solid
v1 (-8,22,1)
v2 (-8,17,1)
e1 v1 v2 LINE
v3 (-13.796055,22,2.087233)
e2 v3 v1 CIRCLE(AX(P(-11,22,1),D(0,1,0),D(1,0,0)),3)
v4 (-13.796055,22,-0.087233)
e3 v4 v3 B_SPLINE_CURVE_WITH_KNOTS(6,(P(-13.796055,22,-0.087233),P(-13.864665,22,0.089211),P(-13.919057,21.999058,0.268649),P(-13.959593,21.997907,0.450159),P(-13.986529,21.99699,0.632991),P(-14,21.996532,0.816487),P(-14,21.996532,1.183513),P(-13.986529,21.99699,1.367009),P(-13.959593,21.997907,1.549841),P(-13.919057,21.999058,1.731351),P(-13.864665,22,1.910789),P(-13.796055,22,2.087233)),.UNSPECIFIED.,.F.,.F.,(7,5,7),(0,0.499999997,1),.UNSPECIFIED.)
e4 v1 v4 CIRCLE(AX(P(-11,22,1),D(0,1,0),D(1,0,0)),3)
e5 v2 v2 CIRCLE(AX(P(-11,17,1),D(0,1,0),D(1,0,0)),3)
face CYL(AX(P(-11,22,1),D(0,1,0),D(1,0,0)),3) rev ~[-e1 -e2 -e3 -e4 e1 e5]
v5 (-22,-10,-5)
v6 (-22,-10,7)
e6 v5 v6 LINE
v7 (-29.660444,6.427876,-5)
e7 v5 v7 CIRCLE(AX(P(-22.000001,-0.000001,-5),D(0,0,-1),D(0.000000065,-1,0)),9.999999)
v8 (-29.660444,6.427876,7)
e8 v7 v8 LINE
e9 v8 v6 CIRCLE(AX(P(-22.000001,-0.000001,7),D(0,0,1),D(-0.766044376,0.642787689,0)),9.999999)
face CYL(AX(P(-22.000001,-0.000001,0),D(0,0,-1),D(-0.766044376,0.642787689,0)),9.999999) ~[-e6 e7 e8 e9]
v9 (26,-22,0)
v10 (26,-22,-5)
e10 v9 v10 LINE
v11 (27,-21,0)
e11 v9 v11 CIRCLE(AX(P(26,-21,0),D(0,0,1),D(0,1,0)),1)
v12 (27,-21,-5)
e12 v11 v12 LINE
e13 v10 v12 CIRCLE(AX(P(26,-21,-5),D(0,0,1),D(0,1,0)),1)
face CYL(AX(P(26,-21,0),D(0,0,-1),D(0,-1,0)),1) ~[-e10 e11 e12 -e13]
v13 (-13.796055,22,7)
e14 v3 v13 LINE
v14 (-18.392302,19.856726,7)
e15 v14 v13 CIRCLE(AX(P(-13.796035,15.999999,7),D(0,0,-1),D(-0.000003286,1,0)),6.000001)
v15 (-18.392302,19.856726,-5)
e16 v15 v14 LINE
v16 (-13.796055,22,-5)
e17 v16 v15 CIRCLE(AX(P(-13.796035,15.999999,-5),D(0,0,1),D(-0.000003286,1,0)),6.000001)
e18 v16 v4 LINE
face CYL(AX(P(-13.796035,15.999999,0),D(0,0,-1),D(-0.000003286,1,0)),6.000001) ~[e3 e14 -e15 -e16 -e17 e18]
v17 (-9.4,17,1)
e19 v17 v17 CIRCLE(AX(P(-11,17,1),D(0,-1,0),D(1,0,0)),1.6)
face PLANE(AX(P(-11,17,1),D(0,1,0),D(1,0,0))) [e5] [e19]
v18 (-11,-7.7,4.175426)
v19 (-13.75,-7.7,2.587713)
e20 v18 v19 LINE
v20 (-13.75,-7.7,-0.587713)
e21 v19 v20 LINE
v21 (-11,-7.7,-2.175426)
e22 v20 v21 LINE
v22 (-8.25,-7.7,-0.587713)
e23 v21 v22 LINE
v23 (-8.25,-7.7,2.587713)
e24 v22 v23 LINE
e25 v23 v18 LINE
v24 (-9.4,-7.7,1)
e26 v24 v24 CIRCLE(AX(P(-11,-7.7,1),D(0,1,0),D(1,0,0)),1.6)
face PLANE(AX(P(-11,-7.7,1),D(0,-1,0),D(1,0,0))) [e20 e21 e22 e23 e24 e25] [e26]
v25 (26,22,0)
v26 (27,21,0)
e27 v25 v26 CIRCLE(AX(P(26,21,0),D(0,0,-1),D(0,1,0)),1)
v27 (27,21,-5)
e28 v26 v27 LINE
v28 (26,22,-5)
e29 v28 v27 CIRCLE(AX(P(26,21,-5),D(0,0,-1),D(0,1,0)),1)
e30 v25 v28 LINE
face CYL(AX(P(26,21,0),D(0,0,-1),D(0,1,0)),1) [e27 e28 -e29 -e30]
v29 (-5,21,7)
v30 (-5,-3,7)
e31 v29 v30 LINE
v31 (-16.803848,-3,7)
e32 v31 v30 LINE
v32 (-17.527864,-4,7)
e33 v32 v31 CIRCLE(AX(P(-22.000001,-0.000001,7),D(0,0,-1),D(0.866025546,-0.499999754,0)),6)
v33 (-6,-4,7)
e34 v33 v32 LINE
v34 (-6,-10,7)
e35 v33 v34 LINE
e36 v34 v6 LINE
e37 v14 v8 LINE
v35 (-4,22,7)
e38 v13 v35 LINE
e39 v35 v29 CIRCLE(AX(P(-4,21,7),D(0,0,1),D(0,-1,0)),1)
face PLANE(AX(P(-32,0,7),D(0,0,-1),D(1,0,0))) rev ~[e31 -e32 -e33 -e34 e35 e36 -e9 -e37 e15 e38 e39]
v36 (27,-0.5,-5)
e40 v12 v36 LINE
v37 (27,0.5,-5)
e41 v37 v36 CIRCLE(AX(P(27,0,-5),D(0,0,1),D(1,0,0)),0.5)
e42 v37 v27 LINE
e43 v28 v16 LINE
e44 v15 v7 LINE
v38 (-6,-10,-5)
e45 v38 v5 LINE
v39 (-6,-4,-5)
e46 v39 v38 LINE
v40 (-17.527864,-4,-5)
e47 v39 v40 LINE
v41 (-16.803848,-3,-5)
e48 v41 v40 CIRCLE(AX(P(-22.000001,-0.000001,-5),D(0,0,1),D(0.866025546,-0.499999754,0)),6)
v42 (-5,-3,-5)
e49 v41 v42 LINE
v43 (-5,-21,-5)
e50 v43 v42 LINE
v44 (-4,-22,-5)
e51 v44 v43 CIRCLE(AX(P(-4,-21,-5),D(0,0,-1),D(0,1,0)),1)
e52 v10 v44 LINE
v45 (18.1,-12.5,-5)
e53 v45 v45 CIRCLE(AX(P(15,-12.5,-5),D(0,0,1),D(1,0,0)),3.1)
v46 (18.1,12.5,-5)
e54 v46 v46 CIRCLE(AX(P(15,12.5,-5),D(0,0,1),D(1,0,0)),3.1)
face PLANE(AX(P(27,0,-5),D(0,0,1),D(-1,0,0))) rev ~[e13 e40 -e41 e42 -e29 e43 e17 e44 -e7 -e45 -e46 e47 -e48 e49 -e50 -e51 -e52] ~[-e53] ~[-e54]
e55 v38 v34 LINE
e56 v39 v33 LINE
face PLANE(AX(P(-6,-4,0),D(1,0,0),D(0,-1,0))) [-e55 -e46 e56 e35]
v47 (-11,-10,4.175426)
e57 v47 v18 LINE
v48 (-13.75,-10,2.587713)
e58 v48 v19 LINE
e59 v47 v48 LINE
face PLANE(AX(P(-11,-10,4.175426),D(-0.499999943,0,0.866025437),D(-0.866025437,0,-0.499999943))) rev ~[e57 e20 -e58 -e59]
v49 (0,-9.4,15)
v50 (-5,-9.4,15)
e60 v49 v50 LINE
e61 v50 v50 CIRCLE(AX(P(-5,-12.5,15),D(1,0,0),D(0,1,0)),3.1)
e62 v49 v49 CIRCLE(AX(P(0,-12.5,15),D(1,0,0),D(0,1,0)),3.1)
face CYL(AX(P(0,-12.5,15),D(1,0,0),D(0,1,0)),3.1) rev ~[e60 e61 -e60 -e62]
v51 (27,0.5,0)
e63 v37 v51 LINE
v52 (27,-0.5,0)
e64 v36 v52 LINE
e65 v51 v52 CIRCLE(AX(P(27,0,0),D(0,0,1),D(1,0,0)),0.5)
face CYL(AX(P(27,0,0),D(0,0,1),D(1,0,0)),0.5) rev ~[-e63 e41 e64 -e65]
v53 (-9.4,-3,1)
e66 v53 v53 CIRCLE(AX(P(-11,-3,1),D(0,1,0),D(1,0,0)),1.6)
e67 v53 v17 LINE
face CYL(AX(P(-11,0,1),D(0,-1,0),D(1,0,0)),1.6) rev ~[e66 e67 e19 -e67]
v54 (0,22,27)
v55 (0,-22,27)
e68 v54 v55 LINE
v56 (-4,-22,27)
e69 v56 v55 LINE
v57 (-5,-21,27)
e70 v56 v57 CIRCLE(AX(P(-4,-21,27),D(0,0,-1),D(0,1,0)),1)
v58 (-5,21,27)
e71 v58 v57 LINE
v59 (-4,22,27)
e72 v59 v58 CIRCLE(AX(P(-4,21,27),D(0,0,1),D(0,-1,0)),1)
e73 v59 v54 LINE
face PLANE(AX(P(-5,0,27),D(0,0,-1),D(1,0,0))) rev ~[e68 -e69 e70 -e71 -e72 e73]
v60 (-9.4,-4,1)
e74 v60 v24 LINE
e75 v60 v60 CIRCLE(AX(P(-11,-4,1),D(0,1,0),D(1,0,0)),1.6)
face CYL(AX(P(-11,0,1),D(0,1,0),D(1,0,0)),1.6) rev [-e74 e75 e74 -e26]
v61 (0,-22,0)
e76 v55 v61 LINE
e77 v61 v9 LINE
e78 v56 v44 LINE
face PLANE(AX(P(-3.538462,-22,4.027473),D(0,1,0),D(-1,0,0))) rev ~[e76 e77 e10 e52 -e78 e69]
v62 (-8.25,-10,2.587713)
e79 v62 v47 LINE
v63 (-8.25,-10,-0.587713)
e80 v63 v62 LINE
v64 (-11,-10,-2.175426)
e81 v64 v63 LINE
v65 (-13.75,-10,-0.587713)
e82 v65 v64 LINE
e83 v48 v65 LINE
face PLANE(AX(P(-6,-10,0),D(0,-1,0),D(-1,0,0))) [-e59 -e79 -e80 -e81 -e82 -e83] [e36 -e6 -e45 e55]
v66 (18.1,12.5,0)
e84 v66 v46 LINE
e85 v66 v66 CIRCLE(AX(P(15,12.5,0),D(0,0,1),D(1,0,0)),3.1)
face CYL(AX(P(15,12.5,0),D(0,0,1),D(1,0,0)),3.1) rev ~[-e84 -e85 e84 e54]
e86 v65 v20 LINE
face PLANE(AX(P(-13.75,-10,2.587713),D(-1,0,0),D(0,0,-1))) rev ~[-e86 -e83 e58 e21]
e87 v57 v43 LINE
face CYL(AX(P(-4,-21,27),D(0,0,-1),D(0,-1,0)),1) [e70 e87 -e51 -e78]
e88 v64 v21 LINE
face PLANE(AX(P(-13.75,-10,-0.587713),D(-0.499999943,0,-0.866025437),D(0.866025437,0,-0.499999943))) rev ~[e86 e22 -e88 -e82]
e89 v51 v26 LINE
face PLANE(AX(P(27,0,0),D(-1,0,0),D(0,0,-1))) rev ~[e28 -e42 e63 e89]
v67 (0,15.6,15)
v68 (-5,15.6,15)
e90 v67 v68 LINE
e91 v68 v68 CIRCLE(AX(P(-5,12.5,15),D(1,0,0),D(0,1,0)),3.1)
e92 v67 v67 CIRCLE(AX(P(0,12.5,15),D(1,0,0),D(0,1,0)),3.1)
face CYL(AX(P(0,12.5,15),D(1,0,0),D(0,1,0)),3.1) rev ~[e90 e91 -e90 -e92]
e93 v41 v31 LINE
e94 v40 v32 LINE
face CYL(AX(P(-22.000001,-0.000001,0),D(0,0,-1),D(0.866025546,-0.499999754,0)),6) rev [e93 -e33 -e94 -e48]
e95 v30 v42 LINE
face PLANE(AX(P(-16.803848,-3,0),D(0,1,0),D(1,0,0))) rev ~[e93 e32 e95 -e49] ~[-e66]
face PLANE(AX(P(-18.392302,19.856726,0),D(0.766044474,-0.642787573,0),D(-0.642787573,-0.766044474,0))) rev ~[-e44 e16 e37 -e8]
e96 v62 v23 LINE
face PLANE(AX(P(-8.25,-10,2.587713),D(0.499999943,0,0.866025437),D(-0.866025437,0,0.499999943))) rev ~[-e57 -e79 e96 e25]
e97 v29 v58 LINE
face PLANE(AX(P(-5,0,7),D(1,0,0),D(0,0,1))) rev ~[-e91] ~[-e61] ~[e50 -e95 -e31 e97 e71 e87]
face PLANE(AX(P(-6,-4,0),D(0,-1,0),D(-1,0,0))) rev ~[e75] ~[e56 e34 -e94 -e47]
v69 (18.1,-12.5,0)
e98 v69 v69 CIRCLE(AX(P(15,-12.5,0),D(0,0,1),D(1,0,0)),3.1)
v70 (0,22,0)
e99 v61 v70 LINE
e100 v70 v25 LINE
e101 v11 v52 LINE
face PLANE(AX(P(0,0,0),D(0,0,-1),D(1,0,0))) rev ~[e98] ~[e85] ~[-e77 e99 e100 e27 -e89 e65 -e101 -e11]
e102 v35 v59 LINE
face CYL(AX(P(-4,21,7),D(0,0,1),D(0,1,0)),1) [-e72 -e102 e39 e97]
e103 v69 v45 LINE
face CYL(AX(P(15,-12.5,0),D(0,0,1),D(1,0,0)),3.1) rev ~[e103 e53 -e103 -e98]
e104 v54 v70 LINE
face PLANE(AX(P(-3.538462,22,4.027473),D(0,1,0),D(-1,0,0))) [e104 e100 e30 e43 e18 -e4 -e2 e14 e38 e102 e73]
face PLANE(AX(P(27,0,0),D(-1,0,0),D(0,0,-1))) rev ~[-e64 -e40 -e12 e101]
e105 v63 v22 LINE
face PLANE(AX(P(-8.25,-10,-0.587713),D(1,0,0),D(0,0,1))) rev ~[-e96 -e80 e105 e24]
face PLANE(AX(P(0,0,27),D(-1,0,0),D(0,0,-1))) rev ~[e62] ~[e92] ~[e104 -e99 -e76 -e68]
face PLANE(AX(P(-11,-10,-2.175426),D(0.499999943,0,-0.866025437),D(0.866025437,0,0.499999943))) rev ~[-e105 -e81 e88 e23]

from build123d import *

# Parameters (mm, degrees)
PAD_DEPTH            = 22
SKETCH001_R          = 3.1
SKETCH001_R_2        = 0.5
POCKET_DEPTH         = 5.001
POCKET_DEPTH_BACK    = -27.001
SKETCH002_R          = 3.1
POCKET001_DEPTH      = 5
SKETCH003_R          = 1.6
POCKET002_DEPTH      = 22.001
POCKET002_DEPTH_BACK = -22.001
SKETCH004_R          = 3
POCKET003_DEPTH      = 5
POCKET004_DEPTH      = 2.3
FILLET_R             = 1


with BuildPart() as part:
    # Sketch → Pad (new body, symmetric)
    with BuildSketch(Plane.XZ):
        Polygon((0, 27), (0, 0), (27, 0), (27, -5), (-32, -5), (-32, 7), (-5, 7), (-5, 27), align=None)
    extrude(amount=PAD_DEPTH, both=True)

    # Sketch001 → Pocket (cut, two sides)
    with BuildSketch(Plane.XY) as pocket_sk:
        with Locations((15, 12.5)):
            Circle(SKETCH001_R)
        with Locations((15, -12.5)):
            Circle(SKETCH001_R)
        with Locations((27, 0)):
            Circle(SKETCH001_R_2)
        with BuildLine():
            ThreePointArc((-16.803848, -3), (-26.859933, 3.518672), (-17.527864, -4))
            Line((-6, -4), (-17.527864, -4))
            Line((-6, -4), (-6, -10))
            Line((-6, -10), (-22, -10))
            ThreePointArc((-29.660444, 6.427876), (-31.063078, -4.226183), (-22, -10))
            Line((-18.392302, 19.856726), (-29.660444, 6.427876))
            ThreePointArc((-13.796055, 22), (-16.331753, 21.437843), (-18.392302, 19.856726))
            Line((-13.796055, 22), (-13.796055, 28.799225))
            Line((-13.796055, 28.799225), (-40.339119, 28.799225))
            Line((-40.339119, 28.799225), (-40.339119, -28.958258))
            Line((-40.339119, -28.958258), (-5, -28.958258))
            Line((-5, -28.958258), (-5, -3))
            Line((-16.803848, -3), (-5, -3))
        make_face()
    extrude(amount=-POCKET_DEPTH, mode=Mode.SUBTRACT)
    extrude(pocket_sk.sketch, amount=-POCKET_DEPTH_BACK, mode=Mode.SUBTRACT)

    # Sketch002 → Pocket001 (cut)
    with BuildSketch(Plane.YZ):
        with Locations((-12.5, 15)):
            Circle(SKETCH002_R)
        with Locations((12.5, 15)):
            Circle(SKETCH002_R)
    extrude(amount=-POCKET001_DEPTH, mode=Mode.SUBTRACT)

    # Sketch003 → Pocket002 (cut, two sides)
    with BuildSketch(Plane.XZ) as pocket002_sk:
        with Locations((-11, 1)):
            Circle(SKETCH003_R)
    extrude(amount=-POCKET002_DEPTH, mode=Mode.SUBTRACT)
    extrude(pocket002_sk.sketch, amount=-POCKET002_DEPTH_BACK, mode=Mode.SUBTRACT)

    # Sketch004 (on Face5 of Pocket002) → Pocket003 (cut)
    with BuildSketch(Plane(origin=(0, 22, 0), x_dir=(1, 0, 0), z_dir=(0, 1, 0))):
        with Locations((-11, -1)):
            Circle(SKETCH004_R)
    extrude(amount=-POCKET003_DEPTH, mode=Mode.SUBTRACT)

    # Sketch005 (on Face11 of Pocket003) → Pocket004 (cut)
    with BuildSketch(Plane.XZ.offset(10)):
        Polygon((-8.25, -0.587713), (-8.25, 2.587713), (-11, 4.175426), (-13.75, 2.587713), (-13.75, -0.587713), (-11, -2.175426), align=None)
    extrude(amount=-POCKET004_DEPTH, mode=Mode.SUBTRACT)

    # Fillet
    fillet_edges = [part.edges().sort_by_distance(p)[0] for p in [
        (27, -22, -2.5),
        (27, 22, -2.5),
        (-5, -22, 11),
        (-5, 22, 17),
    ]]
    fillet(fillet_edges, radius=FILLET_R)


solid = part.part
